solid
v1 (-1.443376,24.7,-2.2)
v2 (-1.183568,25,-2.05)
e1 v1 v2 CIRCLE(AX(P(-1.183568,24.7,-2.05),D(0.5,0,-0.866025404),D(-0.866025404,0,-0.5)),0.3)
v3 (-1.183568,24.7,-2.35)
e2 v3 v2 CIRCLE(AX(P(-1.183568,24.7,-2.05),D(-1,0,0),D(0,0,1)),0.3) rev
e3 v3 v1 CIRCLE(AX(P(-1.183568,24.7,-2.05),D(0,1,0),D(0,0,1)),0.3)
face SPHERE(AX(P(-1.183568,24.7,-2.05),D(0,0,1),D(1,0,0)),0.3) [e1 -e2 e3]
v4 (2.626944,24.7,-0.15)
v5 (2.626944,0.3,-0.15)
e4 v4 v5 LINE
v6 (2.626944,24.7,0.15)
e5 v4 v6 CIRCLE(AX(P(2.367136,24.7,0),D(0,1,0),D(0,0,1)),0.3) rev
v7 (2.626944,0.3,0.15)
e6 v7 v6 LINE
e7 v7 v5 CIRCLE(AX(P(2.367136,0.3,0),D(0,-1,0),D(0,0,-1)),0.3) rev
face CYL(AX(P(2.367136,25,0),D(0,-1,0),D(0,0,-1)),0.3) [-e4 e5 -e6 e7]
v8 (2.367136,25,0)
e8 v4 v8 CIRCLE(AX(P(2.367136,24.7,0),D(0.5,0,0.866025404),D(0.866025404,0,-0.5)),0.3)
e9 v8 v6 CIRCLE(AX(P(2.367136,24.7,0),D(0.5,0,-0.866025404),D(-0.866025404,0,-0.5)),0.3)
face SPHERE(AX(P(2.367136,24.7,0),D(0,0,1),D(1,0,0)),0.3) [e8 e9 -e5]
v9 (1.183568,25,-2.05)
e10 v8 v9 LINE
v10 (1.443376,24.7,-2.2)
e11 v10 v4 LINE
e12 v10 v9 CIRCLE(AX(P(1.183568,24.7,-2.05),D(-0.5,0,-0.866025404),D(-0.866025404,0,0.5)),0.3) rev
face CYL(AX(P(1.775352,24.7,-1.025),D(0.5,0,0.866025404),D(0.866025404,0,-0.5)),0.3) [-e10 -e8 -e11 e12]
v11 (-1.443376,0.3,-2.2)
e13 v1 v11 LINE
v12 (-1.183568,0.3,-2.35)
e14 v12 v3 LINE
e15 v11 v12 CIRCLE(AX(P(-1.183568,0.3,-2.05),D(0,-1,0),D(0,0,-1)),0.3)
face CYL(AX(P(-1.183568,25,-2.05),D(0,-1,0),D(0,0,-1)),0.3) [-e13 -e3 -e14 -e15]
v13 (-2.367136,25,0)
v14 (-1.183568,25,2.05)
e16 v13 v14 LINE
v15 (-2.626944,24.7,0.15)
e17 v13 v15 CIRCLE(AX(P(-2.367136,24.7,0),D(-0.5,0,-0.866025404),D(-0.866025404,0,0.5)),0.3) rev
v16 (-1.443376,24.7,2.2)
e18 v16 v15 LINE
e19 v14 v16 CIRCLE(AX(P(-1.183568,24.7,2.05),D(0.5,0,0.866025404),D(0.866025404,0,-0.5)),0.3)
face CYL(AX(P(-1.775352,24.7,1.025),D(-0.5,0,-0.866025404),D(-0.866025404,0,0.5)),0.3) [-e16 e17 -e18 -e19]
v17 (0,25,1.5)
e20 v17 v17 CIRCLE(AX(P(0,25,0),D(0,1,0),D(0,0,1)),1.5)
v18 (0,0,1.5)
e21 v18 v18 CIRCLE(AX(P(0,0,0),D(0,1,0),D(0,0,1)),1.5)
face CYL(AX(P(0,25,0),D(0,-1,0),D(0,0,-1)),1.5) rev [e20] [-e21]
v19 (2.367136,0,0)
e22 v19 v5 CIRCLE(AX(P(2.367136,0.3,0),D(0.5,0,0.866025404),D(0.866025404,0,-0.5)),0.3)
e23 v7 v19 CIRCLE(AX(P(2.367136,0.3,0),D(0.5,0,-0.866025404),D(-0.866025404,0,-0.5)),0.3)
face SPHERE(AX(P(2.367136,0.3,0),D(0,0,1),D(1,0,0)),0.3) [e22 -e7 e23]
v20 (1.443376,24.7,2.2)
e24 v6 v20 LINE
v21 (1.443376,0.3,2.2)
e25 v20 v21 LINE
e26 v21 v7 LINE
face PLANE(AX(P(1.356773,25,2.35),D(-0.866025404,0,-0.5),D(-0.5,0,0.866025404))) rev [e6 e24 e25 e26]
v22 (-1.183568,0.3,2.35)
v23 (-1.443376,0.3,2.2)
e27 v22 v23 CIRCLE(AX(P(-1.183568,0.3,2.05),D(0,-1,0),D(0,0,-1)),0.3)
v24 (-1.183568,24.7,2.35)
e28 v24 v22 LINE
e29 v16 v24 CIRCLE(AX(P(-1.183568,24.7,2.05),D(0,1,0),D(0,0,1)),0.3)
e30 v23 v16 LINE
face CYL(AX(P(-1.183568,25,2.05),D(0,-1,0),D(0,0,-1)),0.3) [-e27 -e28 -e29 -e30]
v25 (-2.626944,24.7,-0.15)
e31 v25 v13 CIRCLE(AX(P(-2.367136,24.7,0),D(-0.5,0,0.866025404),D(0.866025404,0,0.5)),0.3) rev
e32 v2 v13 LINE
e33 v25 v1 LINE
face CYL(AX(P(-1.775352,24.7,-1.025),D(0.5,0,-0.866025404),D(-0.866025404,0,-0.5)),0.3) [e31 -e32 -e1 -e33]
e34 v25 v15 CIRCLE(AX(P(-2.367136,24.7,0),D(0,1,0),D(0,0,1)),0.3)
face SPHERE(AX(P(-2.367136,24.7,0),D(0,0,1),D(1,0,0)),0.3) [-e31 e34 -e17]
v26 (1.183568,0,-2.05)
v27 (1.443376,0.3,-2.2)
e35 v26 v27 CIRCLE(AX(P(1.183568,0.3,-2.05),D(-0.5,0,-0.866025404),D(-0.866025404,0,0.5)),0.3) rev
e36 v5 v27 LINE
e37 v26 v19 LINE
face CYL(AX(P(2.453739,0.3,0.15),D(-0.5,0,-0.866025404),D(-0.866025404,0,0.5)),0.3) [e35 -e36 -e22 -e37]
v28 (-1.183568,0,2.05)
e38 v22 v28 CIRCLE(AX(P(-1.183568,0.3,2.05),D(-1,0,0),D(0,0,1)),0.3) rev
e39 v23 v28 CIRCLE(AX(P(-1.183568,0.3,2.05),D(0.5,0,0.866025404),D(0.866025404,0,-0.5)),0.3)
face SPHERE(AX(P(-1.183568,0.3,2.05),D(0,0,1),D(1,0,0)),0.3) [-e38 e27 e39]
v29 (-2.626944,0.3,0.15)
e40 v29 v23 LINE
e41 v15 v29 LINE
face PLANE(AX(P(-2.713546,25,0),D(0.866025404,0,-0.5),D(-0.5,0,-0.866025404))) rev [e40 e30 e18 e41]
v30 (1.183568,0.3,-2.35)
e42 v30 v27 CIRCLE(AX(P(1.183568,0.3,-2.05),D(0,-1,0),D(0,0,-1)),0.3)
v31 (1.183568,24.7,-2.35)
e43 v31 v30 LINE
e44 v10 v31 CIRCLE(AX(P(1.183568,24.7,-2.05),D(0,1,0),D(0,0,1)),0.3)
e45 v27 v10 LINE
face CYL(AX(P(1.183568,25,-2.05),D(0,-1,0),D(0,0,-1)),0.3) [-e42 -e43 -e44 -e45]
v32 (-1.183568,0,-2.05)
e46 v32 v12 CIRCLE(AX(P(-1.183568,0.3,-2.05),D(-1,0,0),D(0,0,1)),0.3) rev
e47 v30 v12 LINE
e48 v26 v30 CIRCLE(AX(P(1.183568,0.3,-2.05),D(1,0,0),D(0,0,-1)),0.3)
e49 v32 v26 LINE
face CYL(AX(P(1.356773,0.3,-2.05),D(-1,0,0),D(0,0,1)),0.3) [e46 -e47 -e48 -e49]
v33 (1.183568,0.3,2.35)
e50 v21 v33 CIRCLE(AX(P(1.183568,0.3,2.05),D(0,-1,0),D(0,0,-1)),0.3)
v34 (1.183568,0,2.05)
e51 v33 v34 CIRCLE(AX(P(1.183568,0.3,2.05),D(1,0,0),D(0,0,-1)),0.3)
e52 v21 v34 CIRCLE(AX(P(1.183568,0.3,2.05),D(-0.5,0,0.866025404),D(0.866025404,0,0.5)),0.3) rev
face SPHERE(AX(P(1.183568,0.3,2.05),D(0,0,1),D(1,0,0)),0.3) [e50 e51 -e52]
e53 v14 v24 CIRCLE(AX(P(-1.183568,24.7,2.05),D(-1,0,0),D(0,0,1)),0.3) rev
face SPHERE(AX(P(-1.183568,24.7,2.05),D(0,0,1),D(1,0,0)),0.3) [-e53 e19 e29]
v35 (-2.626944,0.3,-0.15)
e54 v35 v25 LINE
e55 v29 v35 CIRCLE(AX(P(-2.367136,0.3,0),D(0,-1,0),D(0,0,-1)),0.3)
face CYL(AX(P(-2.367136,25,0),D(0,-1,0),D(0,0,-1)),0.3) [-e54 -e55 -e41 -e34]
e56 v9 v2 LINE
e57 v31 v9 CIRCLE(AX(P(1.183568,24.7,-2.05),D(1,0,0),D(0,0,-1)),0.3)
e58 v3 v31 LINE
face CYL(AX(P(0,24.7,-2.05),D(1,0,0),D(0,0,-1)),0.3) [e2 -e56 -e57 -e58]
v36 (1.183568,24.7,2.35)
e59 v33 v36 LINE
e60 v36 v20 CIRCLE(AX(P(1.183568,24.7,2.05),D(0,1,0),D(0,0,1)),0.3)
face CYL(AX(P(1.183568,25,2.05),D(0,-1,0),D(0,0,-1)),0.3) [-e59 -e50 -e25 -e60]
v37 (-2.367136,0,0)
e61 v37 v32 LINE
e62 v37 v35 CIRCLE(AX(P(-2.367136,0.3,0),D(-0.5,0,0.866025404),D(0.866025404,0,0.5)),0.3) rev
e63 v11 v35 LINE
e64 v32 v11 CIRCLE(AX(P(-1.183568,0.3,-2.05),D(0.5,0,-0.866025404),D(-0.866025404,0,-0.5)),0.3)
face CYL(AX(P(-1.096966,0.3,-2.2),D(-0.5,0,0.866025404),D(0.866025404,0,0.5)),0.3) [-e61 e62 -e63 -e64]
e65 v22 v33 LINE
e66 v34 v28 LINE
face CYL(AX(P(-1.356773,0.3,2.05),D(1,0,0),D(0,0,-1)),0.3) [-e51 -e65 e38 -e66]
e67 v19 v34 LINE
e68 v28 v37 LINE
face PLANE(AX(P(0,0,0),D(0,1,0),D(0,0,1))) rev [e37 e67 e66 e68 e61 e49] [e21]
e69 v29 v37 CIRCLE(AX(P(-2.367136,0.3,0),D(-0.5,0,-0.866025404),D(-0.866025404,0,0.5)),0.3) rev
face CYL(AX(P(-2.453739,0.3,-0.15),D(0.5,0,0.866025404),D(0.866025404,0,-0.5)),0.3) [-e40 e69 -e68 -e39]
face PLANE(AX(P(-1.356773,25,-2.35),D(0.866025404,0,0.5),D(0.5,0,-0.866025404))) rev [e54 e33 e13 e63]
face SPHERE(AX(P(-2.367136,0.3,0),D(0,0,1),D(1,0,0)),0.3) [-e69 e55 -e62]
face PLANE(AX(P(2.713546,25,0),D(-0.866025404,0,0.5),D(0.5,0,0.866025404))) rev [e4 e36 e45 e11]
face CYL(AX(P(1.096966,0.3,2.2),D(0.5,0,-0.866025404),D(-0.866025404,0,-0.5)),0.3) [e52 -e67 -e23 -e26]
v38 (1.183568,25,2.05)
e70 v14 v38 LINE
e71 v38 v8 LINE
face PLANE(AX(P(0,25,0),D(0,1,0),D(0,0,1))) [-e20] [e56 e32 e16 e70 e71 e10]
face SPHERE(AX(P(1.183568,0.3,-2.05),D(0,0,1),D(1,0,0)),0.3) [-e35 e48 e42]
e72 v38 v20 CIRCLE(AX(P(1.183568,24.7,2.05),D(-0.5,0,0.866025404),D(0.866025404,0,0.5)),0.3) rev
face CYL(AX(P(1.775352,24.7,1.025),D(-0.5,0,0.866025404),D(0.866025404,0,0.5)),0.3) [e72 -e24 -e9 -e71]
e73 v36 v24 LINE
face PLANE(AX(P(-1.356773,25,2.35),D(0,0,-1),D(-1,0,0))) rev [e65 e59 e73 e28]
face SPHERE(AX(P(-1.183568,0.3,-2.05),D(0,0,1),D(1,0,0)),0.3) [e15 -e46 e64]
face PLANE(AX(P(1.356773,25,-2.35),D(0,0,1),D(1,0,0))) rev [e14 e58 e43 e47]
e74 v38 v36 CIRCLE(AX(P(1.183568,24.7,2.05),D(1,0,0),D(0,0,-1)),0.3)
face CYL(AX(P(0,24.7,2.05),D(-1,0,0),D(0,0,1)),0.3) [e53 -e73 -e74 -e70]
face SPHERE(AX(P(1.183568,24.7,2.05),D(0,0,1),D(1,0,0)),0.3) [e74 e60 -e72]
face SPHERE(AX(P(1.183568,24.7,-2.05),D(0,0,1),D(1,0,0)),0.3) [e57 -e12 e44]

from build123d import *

# Parameters (mm, degrees)
SKETCH_1_R      = 1.5
EXTRUDE_1_DEPTH = 25
FILLET_1_R      = 0.3


with BuildPart() as part:
    # 草图1 → 凸台-拉伸1 (new body)
    with BuildSketch(Plane(origin=(0, 0, 0), x_dir=(1, 0, 0), z_dir=(0, 1, 0))):
        Polygon((2.713546265, 0), (1.356773133, 2.35), (-1.356773133, 2.35), (-2.713546265, 0), (-1.356773133, -2.35), (1.356773133, -2.35), align=None)
        with Locations(Location((0, 0, 0), (0, 0, 270))):
            Circle(SKETCH_1_R, mode=Mode.SUBTRACT)
    extrude(amount=EXTRUDE_1_DEPTH)

    # 圆角1
    fillet_1_edges = [part.edges().sort_by_distance(p)[0] for p in [
        (0, 25, -2.35),
        (1.356773133, 12.5, 2.35),
        (-1.356773133, 12.5, 2.35),
        (-2.713546265, 12.5, 0),
        (-1.356773133, 12.5, -2.35),
        (1.356773133, 12.5, -2.35),
        (2.713546265, 12.5, 0),
        (-2.035159699, 25, -1.175),
        (-2.035159699, 25, 1.175),
        (0, 25, 2.35),
        (2.035159699, 25, 1.175),
        (0, 0, 2.35),
        (-2.035159699, 0, 1.175),
        (-2.035159699, 0, -1.175),
        (2.035159699, 25, -1.175),
        (0, 0, -2.35),
        (2.035159699, 0, -1.175),
        (2.035159699, 0, 1.175),
    ]]
    fillet(fillet_1_edges, radius=FILLET_1_R)


solid = part.part
